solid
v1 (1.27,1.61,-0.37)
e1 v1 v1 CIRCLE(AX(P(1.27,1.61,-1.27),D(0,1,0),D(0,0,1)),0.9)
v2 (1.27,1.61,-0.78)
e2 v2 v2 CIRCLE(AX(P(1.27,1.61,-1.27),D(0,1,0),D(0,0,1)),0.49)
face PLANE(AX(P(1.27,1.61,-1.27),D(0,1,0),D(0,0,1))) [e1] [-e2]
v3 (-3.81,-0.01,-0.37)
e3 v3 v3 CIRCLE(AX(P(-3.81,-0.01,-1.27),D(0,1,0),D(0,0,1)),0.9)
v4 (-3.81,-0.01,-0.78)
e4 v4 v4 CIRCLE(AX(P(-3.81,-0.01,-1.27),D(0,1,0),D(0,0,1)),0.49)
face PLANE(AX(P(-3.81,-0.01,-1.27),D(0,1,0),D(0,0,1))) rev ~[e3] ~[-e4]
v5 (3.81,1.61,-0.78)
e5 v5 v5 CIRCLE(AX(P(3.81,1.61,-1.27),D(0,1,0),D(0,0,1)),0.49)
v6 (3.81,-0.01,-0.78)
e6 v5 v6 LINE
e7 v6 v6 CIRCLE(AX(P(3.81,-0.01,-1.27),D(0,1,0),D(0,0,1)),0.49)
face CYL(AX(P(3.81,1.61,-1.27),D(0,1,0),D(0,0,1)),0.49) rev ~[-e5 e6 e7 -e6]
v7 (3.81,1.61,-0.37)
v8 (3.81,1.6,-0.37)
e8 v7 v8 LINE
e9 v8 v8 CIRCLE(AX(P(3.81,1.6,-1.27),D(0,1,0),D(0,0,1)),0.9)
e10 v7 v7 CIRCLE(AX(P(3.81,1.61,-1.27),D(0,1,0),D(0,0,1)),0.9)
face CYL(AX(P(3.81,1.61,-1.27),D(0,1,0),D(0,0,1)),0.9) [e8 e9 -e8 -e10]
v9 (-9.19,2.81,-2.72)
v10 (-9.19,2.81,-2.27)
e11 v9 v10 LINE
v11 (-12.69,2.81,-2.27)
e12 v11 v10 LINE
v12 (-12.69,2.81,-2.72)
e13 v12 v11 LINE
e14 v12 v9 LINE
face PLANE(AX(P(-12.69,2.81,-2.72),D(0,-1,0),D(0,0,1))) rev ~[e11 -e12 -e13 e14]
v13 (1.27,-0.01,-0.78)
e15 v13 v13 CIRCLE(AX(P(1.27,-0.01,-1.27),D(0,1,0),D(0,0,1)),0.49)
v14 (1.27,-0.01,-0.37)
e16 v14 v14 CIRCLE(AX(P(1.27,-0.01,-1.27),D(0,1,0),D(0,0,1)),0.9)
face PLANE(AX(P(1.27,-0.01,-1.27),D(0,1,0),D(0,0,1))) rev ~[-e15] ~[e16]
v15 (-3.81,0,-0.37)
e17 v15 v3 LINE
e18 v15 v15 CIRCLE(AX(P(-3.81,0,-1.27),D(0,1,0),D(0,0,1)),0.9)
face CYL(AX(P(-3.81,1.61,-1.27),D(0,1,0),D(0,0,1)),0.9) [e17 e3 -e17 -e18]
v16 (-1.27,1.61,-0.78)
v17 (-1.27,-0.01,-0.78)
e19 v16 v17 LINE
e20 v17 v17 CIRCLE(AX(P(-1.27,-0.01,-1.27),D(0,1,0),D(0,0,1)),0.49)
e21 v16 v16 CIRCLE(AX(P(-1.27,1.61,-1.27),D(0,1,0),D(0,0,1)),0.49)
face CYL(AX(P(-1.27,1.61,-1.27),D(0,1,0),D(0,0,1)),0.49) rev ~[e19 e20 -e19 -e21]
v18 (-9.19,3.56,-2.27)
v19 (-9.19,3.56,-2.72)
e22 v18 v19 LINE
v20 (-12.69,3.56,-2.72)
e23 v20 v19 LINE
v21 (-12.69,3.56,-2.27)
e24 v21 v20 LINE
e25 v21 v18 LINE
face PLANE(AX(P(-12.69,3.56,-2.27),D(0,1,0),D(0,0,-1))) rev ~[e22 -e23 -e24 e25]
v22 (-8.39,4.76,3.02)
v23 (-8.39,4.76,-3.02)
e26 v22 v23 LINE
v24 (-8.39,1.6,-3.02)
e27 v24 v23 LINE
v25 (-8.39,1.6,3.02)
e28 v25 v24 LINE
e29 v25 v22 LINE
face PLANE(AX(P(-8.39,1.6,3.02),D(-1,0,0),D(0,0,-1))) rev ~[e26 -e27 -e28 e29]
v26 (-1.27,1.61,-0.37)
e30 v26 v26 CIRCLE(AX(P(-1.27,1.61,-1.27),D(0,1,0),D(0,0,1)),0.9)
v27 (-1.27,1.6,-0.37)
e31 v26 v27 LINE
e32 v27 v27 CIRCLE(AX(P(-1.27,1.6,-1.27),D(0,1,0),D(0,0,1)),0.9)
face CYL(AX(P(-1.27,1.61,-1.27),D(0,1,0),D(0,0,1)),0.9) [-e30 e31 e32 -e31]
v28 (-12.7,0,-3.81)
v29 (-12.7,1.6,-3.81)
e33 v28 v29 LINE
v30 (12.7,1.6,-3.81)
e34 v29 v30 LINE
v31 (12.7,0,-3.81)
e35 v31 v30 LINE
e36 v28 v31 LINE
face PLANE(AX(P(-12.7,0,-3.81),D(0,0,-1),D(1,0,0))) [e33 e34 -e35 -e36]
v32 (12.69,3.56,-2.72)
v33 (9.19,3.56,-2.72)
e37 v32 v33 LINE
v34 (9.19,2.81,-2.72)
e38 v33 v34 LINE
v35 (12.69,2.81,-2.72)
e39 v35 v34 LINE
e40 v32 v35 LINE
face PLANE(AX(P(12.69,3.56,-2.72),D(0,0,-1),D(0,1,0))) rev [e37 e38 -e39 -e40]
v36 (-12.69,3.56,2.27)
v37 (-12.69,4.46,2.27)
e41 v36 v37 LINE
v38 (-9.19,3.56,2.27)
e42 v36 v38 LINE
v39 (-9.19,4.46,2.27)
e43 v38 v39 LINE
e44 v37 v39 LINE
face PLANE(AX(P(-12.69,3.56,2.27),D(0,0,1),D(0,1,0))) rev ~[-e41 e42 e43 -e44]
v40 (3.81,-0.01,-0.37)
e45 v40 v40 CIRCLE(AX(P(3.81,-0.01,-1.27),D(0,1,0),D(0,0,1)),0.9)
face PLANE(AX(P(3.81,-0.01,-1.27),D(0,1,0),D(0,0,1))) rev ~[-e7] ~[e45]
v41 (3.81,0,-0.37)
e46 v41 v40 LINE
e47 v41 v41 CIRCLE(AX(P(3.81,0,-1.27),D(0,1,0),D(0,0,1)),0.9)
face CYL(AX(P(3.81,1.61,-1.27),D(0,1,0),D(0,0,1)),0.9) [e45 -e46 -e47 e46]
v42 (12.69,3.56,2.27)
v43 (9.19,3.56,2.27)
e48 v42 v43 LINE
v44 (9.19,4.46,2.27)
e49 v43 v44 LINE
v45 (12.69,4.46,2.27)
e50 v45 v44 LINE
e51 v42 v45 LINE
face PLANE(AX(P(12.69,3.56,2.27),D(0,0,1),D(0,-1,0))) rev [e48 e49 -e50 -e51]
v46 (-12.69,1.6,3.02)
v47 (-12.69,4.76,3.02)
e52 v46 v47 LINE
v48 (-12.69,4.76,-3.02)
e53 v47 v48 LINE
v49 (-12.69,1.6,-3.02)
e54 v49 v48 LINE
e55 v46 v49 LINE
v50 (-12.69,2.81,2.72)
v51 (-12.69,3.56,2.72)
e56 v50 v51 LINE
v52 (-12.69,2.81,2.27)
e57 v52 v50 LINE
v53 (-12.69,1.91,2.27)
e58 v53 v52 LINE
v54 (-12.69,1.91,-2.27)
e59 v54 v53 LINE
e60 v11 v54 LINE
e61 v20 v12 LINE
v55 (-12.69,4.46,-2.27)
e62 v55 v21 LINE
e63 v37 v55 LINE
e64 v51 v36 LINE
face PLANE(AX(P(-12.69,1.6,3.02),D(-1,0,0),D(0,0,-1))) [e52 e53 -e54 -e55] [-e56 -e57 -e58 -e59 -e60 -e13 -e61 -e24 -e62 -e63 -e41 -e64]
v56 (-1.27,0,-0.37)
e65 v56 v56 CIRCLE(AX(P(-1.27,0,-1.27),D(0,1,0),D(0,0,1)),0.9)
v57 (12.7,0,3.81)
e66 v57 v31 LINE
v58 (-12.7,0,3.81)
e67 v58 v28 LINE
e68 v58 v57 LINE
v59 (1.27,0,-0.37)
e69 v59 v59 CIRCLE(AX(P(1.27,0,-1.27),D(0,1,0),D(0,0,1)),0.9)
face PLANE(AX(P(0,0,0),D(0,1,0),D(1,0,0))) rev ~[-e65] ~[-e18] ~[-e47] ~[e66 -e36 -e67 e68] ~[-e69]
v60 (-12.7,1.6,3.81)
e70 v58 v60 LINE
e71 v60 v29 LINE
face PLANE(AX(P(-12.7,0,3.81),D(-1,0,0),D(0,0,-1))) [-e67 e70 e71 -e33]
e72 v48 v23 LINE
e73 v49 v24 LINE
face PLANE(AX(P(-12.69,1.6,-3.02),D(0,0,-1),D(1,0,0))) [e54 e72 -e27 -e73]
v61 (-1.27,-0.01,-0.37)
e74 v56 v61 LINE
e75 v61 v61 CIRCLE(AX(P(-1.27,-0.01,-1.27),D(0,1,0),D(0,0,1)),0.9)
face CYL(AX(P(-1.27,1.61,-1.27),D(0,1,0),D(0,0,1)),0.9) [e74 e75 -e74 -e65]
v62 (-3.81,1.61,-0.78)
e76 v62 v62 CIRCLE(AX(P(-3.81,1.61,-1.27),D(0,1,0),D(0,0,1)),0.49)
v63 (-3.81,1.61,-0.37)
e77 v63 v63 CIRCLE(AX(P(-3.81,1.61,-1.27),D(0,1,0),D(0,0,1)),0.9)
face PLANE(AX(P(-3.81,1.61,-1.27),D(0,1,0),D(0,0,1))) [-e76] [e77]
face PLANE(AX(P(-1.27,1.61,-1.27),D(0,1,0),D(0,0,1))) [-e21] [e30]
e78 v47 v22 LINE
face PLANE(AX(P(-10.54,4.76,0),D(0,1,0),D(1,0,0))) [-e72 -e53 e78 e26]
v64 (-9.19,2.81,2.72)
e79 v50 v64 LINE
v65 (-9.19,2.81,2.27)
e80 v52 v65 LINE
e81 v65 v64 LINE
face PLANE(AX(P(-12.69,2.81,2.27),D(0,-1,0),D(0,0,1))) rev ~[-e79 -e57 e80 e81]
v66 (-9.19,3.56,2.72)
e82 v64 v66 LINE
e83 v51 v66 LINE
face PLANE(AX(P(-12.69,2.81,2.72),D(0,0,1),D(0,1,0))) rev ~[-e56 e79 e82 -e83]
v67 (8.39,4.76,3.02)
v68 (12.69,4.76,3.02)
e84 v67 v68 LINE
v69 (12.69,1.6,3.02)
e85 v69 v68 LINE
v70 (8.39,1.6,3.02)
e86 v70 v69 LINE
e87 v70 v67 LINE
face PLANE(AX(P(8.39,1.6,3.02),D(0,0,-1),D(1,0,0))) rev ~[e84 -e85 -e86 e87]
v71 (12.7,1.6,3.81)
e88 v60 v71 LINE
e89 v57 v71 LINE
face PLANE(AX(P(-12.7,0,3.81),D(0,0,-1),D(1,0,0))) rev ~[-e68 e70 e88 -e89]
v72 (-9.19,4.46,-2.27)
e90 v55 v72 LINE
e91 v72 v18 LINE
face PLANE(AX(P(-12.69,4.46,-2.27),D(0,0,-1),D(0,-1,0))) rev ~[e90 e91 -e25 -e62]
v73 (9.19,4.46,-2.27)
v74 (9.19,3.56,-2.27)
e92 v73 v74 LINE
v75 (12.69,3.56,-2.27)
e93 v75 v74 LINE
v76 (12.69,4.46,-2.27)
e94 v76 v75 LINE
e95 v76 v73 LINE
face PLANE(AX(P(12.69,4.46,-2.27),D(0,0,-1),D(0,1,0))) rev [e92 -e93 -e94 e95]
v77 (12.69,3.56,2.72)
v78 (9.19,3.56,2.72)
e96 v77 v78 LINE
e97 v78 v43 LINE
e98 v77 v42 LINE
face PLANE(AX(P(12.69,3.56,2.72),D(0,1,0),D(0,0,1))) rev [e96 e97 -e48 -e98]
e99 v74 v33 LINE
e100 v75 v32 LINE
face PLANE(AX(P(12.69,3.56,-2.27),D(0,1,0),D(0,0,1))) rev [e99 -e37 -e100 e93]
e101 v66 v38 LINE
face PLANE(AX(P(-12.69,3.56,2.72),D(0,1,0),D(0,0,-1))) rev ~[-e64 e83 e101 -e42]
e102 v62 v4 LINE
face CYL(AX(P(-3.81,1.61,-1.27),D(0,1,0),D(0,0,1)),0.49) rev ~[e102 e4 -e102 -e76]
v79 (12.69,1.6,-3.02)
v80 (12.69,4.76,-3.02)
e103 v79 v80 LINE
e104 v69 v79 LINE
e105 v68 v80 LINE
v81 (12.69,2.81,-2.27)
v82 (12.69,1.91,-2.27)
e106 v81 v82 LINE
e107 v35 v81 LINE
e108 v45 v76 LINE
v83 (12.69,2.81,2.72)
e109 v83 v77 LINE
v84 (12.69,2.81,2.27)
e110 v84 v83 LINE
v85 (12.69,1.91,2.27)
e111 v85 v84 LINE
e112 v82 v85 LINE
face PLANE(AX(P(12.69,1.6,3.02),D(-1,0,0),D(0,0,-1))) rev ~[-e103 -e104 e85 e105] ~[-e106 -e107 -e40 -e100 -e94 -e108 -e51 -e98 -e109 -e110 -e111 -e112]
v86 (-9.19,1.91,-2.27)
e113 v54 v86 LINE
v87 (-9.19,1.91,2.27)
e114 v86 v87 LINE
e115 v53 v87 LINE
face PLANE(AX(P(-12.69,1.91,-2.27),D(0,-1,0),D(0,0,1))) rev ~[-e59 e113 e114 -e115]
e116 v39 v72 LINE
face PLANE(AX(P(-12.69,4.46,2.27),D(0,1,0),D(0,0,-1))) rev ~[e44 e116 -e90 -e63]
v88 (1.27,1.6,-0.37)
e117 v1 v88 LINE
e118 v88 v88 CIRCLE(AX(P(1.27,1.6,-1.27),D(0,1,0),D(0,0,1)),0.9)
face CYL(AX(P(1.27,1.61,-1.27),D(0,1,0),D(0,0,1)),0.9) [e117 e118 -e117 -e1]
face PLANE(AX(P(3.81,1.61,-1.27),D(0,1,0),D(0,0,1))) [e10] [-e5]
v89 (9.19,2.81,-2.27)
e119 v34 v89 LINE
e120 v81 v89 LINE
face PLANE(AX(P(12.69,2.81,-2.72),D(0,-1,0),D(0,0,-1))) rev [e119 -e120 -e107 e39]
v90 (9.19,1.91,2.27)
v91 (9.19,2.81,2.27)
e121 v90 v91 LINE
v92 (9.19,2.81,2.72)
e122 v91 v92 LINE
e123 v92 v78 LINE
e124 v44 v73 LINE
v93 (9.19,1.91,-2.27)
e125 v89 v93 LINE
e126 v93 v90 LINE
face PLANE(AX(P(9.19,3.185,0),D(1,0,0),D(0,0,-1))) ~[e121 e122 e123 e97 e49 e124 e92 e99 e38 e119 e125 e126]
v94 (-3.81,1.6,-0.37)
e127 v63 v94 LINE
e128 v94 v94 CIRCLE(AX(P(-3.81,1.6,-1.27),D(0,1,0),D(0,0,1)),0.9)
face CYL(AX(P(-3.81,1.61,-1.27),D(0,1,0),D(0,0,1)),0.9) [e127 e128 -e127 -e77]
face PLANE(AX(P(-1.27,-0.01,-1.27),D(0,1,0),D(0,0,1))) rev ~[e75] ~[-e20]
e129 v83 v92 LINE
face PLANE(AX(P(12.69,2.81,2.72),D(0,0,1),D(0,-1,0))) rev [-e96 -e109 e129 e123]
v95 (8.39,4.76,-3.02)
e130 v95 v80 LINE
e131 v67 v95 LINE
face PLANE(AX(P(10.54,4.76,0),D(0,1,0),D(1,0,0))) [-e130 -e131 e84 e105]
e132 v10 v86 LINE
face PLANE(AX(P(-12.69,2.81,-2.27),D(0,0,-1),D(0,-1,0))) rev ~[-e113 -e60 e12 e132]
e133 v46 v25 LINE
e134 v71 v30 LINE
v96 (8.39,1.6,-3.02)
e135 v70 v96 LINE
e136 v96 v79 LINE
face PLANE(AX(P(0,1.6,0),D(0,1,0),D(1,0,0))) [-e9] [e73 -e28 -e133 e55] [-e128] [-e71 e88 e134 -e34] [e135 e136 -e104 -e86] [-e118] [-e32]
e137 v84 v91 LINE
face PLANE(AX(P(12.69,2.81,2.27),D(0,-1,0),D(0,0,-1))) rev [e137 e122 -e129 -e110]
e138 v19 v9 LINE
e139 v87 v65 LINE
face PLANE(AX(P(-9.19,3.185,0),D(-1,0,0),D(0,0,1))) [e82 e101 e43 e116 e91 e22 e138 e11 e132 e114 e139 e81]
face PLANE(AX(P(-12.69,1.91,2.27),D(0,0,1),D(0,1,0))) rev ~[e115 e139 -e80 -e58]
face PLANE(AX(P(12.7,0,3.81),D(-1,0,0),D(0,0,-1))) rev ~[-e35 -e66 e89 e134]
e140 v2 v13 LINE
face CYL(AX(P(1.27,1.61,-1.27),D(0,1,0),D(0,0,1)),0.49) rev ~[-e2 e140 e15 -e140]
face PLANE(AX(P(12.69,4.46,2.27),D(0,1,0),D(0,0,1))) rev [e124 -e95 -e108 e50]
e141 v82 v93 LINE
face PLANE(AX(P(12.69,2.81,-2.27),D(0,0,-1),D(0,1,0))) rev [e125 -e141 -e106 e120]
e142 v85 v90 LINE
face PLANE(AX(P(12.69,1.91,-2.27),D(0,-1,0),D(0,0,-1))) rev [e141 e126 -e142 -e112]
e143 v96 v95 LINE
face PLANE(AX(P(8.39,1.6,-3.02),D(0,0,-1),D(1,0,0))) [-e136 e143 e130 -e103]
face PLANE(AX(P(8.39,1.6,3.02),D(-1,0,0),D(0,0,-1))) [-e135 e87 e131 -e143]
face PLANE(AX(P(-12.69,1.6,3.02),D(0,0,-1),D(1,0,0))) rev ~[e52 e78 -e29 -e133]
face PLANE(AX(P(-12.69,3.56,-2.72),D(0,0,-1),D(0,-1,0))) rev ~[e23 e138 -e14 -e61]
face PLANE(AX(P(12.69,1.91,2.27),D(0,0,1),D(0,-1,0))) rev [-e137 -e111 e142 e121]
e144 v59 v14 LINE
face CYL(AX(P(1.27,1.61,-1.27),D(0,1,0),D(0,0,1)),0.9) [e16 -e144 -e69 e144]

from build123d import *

# Parameters (mm, degrees)
SKETCH1_W           = 25.4
SKETCH1_H           = 7.62
SKETCH1_R           = 0.5
BOSS_EXTRUDE1_DEPTH = 1.6
SKETCH2_R           = 0.9
SKETCH2_R_2         = 0.49
BOSS_EXTRUDE2_DEPTH = 1.62
SKETCH3_W           = 4.3
SKETCH3_H           = 6.04
BOSS_EXTRUDE3_DEPTH = 3.16
CUT_EXTRUDE1_DEPTH  = 3.5


with BuildPart() as part:
    # Sketch1 → Boss-Extrude1 (new body)
    with BuildSketch(Plane(origin=(0, 0, 0), x_dir=(1, 0, 0), z_dir=(0, 1, 0))):
        Rectangle(SKETCH1_W, SKETCH1_H)
        with Locations(Location((-3.81, 1.27, 0), (0, 0, 270))):
            Circle(SKETCH1_R, mode=Mode.SUBTRACT)
        with Locations(Location((-1.27, 1.27, 0), (0, 0, 270))):
            Circle(SKETCH1_R, mode=Mode.SUBTRACT)
        with Locations(Location((1.27, 1.27, 0), (0, 0, 270))):
            Circle(SKETCH1_R, mode=Mode.SUBTRACT)
        with Locations(Location((3.81, 1.27, 0), (0, 0, 270))):
            Circle(SKETCH1_R, mode=Mode.SUBTRACT)
    extrude(amount=BOSS_EXTRUDE1_DEPTH)

    # Sketch2 → Boss-Extrude2 (add)
    # profile 1 of 4: a face of its own
    with BuildSketch(Plane(origin=(0, 1.61, 0), x_dir=(1, 0, 0), z_dir=(0, 1, 0))):
        with Locations(Location((-3.81, 1.27, 0), (0, 0, 270))):
            Circle(SKETCH2_R)
        with Locations(Location((-3.81, 1.27, 0), (0, 0, 270))):
            Circle(SKETCH2_R_2, mode=Mode.SUBTRACT)
    # profile 2 of 4: a face of its own
    with BuildSketch(Plane(origin=(0, 1.61, 0), x_dir=(1, 0, 0), z_dir=(0, 1, 0))):
        with Locations(Location((1.27, 1.27, 0), (0, 0, 270))):
            Circle(SKETCH2_R)
        with Locations(Location((1.27, 1.27, 0), (0, 0, 270))):
            Circle(SKETCH2_R_2, mode=Mode.SUBTRACT)
    # profile 3 of 4: a face of its own
    with BuildSketch(Plane(origin=(0, 1.61, 0), x_dir=(1, 0, 0), z_dir=(0, 1, 0))):
        with Locations(Location((-1.27, 1.27, 0), (0, 0, 270))):
            Circle(SKETCH2_R)
        with Locations(Location((-1.27, 1.27, 0), (0, 0, 270))):
            Circle(SKETCH2_R_2, mode=Mode.SUBTRACT)
    # profile 4 of 4: a face of its own
    with BuildSketch(Plane(origin=(0, 1.61, 0), x_dir=(1, 0, 0), z_dir=(0, 1, 0))):
        with Locations(Location((3.81, 1.27, 0), (0, 0, 270))):
            Circle(SKETCH2_R)
        with Locations(Location((3.81, 1.27, 0), (0, 0, 270))):
            Circle(SKETCH2_R_2, mode=Mode.SUBTRACT)
    extrude(amount=-BOSS_EXTRUDE2_DEPTH)

    # Sketch3 → Boss-Extrude3 (add)
    with BuildSketch(Plane(origin=(0, 1.6, 0), x_dir=(1, 0, 0), z_dir=(0, 1, 0))):
        with Locations((-10.54, 0)):
            Rectangle(SKETCH3_W, SKETCH3_H)
        with Locations((10.54, 0)):
            Rectangle(SKETCH3_W, SKETCH3_H)
    extrude(amount=BOSS_EXTRUDE3_DEPTH)

    # Sketch4 → Cut-Extrude1 (cut)
    with BuildSketch(Plane.ZY.offset(12.69)):
        Polygon((2.27, 4.46), (-2.27, 4.46), (-2.27, 3.56), (-2.72, 3.56), (-2.72, 2.81), (-2.27, 2.81), (-2.27, 1.91), (2.27, 1.91), (2.27, 2.81), (2.72, 2.81), (2.72, 3.56), (2.27, 3.56), align=None)
    cut_extrude1 = extrude(amount=-CUT_EXTRUDE1_DEPTH, mode=Mode.SUBTRACT)

    # Mirror1: Cut-Extrude1 across plane
    add(cut_extrude1.mirror(Plane(origin=(0, 0, 0), x_dir=(0, 0, 1), z_dir=(1, 0, 0))), mode=Mode.SUBTRACT)


solid = part.part
